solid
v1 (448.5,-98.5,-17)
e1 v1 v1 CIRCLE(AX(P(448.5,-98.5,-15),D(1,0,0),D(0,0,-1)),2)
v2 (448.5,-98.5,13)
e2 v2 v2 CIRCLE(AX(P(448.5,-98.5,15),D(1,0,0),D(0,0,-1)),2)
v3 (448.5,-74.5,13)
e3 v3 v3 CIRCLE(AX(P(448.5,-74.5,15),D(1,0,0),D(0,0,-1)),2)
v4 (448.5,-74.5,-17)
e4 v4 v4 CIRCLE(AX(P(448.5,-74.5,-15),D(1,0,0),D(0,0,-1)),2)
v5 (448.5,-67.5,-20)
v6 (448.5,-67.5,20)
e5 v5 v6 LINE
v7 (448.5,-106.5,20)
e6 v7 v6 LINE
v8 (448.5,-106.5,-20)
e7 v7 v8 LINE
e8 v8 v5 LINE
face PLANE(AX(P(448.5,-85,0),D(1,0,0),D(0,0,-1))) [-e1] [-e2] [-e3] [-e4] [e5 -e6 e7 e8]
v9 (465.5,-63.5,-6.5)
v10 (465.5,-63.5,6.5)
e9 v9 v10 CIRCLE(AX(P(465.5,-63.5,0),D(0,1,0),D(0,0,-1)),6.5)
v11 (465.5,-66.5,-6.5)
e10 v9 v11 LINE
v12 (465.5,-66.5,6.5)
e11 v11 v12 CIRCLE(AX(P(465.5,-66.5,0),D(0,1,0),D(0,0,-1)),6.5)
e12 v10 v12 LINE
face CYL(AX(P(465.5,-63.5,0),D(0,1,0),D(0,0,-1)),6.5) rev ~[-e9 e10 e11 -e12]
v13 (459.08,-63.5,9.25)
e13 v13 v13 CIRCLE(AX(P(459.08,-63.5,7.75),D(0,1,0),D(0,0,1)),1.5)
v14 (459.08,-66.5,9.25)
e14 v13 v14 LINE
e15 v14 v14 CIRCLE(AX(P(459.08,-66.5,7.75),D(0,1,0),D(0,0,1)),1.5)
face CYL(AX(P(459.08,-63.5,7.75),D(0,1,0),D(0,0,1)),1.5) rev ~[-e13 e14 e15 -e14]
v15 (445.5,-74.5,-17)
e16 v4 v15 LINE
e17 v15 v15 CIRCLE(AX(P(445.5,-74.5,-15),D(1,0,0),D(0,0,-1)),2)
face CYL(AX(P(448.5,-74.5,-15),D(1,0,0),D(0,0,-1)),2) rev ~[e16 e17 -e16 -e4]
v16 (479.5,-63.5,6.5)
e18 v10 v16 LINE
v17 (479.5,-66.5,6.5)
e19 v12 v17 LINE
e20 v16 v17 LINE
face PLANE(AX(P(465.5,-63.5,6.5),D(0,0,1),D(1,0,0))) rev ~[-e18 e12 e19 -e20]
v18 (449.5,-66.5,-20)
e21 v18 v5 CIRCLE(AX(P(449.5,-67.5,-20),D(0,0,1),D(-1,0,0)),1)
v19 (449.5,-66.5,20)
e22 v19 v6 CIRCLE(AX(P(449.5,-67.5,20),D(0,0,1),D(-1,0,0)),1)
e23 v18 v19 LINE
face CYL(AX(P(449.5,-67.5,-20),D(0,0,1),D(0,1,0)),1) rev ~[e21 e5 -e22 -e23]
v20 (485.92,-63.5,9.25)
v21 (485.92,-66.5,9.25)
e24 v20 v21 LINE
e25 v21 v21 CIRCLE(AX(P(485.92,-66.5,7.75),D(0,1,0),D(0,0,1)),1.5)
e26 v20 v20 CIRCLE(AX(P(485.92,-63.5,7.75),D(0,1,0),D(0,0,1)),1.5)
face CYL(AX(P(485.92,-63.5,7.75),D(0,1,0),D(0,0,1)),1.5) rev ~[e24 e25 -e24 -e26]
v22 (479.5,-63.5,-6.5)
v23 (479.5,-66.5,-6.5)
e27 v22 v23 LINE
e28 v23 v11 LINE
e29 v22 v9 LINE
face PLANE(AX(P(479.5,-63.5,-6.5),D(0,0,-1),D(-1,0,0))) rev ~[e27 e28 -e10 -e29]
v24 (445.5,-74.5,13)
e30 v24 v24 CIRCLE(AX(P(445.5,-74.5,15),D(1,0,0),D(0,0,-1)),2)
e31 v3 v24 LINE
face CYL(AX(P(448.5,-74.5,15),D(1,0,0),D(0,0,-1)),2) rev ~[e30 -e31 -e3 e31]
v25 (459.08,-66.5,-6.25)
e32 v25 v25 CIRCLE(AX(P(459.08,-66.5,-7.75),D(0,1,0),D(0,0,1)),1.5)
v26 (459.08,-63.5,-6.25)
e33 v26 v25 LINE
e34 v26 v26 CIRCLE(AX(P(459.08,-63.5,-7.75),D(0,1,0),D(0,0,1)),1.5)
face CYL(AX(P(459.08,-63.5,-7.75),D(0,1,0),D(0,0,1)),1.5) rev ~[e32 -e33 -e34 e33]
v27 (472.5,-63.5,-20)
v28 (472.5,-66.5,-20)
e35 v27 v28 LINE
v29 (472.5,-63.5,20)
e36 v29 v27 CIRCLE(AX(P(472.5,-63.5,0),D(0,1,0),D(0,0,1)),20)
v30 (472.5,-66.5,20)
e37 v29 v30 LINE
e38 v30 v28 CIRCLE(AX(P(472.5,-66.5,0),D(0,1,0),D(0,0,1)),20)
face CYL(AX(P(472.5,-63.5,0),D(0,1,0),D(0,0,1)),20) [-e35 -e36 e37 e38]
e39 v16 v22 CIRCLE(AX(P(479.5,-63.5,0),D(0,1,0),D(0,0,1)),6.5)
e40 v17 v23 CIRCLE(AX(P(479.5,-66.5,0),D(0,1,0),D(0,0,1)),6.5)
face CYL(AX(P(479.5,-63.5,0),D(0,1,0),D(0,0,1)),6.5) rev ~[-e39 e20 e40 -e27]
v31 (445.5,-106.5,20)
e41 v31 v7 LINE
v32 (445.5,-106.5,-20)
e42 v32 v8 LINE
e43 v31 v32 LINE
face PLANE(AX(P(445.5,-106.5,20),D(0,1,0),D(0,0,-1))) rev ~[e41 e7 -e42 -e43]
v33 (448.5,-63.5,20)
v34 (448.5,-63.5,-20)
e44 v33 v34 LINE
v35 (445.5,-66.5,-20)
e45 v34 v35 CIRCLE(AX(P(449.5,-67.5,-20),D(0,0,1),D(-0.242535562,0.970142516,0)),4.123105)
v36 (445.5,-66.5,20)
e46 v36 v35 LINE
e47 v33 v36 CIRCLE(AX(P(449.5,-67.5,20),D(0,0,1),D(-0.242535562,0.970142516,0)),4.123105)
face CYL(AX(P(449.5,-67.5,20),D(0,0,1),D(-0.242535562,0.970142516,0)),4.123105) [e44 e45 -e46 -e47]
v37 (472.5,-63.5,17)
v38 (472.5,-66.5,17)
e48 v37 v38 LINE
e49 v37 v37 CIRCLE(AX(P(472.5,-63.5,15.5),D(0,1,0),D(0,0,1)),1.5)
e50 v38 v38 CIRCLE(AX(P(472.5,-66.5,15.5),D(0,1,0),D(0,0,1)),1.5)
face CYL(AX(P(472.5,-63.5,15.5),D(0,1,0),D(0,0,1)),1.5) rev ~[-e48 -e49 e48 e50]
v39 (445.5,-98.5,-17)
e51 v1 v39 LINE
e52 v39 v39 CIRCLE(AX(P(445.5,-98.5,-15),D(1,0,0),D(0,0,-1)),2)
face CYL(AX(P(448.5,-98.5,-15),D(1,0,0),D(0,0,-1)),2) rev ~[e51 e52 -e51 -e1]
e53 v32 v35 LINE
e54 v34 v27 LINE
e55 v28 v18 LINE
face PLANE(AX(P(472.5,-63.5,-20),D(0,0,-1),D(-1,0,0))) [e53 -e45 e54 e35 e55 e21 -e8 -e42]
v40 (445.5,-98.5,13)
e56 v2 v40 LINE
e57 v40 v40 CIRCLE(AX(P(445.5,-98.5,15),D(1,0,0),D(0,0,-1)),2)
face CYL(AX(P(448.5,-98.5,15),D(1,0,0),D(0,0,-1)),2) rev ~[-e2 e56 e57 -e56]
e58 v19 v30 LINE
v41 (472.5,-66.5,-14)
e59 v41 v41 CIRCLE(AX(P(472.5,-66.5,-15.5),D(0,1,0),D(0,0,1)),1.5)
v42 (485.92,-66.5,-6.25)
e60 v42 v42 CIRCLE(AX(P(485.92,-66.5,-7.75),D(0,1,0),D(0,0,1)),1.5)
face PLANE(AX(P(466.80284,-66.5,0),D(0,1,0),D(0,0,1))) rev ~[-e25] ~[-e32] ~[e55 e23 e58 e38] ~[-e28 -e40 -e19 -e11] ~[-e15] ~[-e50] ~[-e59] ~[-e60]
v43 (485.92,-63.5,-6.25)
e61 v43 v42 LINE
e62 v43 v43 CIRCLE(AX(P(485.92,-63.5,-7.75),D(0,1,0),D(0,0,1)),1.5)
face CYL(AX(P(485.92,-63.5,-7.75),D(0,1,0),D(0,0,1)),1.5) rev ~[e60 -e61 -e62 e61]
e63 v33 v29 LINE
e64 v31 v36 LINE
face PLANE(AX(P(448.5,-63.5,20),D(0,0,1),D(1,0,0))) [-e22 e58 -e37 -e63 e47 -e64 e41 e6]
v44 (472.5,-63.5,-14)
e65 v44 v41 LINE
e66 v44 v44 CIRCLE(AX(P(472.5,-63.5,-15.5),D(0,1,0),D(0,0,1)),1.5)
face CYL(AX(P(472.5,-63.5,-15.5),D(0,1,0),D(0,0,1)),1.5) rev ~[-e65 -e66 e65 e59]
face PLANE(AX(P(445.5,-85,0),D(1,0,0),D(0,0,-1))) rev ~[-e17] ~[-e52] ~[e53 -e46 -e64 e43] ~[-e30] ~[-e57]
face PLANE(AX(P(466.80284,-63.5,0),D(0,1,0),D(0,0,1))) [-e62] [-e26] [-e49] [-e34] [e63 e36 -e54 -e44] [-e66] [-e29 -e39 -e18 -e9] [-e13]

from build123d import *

# Parameters (mm, degrees)
SKETCH018_W             = 40
SKETCH018_H             = 43
PAD013_DEPTH            = 3
SKETCH019_R             = 1.5
PAD014_DEPTH            = 3
SKETCH020_R             = 2
POCKET003_DEPTH         = 3.001
FILLET_R                = 1
POCKET004_DEPTH         = 40.001
BODY001_PLACEMENT_ANGLE = 90


with BuildPart() as part:
    # Sketch018 → Pad013 (new body)
    with BuildSketch(Plane.XY):
        Rectangle(SKETCH018_W, SKETCH018_H)
    extrude(amount=PAD013_DEPTH)

    # Sketch019 (on Face1 of Pad013) → Pad014 (join)
    with BuildSketch(Plane(origin=(0, 21.5, 0), x_dir=(-1, 0, 0), z_dir=(0, 1, 0))):
        with BuildLine():
            Line((-20, 3), (20, 3))
            Line((20, 3), (20, 27))
            ThreePointArc((20, 27), (0, 47), (-20, 27))
            Line((-20, 27), (-20, 3))
        make_face()
        with Locations((-7.75, 40.42)):
            Circle(SKETCH019_R, mode=Mode.SUBTRACT)
        with Locations((7.75, 40.42)):
            Circle(SKETCH019_R, mode=Mode.SUBTRACT)
        with Locations((15.5, 27)):
            Circle(SKETCH019_R, mode=Mode.SUBTRACT)
        with Locations((-15.5, 27)):
            Circle(SKETCH019_R, mode=Mode.SUBTRACT)
        with Locations((-7.75, 13.58)):
            Circle(SKETCH019_R, mode=Mode.SUBTRACT)
        with Locations((7.75, 13.58)):
            Circle(SKETCH019_R, mode=Mode.SUBTRACT)
        with BuildLine():
            ThreePointArc((6.5, 34), (0, 40.5), (-6.5, 34))
            Line((-6.5, 34), (-6.5, 20))
            ThreePointArc((-6.5, 20), (0, 13.5), (6.5, 20))
            Line((6.5, 20), (6.5, 34))
        make_face(mode=Mode.SUBTRACT)
    extrude(amount=-PAD014_DEPTH)

    # Sketch020 (on Face7 of Pad014) → Pocket003 (cut, through all)
    with BuildSketch(Plane.XY.offset(3)):
        with Locations((15, 10.5)):
            Circle(SKETCH020_R)
        with Locations((15, -13.5)):
            Circle(SKETCH020_R)
        with Locations((-15, 10.5)):
            Circle(SKETCH020_R)
        with Locations((-15, -13.5)):
            Circle(SKETCH020_R)
    extrude(amount=-POCKET003_DEPTH, mode=Mode.SUBTRACT)

    # Fillet
    fillet_edges = [part.edges().sort_by_distance(p)[0] for p in [
        (0, 18.5, 3),
    ]]
    fillet(fillet_edges, radius=FILLET_R)

    # Sketch021 (on Face1 of Fillet) → Pocket004 (cut, through all)
    with BuildSketch(Plane(origin=(-20, 0, 0), x_dir=(0, -1, 0), z_dir=(-1, 0, 0))):
        with BuildLine():
            ThreePointArc((-21.5, 3), (-20.415476, 1.084524), (-18.5, 0))
            Line((-21.5, 0), (-18.5, 0))
            Line((-21.5, 3), (-21.5, 0))
        make_face()
    extrude(amount=-POCKET004_DEPTH, mode=Mode.SUBTRACT)


with BuildPart() as part_1:
    # Body001 placement: moved
    add(part.part.moved(Location((445.5, -85, 0))).rotate(Axis((445.5, -85, 0), (0, 1, 0)), BODY001_PLACEMENT_ANGLE))


solid = part_1.part
